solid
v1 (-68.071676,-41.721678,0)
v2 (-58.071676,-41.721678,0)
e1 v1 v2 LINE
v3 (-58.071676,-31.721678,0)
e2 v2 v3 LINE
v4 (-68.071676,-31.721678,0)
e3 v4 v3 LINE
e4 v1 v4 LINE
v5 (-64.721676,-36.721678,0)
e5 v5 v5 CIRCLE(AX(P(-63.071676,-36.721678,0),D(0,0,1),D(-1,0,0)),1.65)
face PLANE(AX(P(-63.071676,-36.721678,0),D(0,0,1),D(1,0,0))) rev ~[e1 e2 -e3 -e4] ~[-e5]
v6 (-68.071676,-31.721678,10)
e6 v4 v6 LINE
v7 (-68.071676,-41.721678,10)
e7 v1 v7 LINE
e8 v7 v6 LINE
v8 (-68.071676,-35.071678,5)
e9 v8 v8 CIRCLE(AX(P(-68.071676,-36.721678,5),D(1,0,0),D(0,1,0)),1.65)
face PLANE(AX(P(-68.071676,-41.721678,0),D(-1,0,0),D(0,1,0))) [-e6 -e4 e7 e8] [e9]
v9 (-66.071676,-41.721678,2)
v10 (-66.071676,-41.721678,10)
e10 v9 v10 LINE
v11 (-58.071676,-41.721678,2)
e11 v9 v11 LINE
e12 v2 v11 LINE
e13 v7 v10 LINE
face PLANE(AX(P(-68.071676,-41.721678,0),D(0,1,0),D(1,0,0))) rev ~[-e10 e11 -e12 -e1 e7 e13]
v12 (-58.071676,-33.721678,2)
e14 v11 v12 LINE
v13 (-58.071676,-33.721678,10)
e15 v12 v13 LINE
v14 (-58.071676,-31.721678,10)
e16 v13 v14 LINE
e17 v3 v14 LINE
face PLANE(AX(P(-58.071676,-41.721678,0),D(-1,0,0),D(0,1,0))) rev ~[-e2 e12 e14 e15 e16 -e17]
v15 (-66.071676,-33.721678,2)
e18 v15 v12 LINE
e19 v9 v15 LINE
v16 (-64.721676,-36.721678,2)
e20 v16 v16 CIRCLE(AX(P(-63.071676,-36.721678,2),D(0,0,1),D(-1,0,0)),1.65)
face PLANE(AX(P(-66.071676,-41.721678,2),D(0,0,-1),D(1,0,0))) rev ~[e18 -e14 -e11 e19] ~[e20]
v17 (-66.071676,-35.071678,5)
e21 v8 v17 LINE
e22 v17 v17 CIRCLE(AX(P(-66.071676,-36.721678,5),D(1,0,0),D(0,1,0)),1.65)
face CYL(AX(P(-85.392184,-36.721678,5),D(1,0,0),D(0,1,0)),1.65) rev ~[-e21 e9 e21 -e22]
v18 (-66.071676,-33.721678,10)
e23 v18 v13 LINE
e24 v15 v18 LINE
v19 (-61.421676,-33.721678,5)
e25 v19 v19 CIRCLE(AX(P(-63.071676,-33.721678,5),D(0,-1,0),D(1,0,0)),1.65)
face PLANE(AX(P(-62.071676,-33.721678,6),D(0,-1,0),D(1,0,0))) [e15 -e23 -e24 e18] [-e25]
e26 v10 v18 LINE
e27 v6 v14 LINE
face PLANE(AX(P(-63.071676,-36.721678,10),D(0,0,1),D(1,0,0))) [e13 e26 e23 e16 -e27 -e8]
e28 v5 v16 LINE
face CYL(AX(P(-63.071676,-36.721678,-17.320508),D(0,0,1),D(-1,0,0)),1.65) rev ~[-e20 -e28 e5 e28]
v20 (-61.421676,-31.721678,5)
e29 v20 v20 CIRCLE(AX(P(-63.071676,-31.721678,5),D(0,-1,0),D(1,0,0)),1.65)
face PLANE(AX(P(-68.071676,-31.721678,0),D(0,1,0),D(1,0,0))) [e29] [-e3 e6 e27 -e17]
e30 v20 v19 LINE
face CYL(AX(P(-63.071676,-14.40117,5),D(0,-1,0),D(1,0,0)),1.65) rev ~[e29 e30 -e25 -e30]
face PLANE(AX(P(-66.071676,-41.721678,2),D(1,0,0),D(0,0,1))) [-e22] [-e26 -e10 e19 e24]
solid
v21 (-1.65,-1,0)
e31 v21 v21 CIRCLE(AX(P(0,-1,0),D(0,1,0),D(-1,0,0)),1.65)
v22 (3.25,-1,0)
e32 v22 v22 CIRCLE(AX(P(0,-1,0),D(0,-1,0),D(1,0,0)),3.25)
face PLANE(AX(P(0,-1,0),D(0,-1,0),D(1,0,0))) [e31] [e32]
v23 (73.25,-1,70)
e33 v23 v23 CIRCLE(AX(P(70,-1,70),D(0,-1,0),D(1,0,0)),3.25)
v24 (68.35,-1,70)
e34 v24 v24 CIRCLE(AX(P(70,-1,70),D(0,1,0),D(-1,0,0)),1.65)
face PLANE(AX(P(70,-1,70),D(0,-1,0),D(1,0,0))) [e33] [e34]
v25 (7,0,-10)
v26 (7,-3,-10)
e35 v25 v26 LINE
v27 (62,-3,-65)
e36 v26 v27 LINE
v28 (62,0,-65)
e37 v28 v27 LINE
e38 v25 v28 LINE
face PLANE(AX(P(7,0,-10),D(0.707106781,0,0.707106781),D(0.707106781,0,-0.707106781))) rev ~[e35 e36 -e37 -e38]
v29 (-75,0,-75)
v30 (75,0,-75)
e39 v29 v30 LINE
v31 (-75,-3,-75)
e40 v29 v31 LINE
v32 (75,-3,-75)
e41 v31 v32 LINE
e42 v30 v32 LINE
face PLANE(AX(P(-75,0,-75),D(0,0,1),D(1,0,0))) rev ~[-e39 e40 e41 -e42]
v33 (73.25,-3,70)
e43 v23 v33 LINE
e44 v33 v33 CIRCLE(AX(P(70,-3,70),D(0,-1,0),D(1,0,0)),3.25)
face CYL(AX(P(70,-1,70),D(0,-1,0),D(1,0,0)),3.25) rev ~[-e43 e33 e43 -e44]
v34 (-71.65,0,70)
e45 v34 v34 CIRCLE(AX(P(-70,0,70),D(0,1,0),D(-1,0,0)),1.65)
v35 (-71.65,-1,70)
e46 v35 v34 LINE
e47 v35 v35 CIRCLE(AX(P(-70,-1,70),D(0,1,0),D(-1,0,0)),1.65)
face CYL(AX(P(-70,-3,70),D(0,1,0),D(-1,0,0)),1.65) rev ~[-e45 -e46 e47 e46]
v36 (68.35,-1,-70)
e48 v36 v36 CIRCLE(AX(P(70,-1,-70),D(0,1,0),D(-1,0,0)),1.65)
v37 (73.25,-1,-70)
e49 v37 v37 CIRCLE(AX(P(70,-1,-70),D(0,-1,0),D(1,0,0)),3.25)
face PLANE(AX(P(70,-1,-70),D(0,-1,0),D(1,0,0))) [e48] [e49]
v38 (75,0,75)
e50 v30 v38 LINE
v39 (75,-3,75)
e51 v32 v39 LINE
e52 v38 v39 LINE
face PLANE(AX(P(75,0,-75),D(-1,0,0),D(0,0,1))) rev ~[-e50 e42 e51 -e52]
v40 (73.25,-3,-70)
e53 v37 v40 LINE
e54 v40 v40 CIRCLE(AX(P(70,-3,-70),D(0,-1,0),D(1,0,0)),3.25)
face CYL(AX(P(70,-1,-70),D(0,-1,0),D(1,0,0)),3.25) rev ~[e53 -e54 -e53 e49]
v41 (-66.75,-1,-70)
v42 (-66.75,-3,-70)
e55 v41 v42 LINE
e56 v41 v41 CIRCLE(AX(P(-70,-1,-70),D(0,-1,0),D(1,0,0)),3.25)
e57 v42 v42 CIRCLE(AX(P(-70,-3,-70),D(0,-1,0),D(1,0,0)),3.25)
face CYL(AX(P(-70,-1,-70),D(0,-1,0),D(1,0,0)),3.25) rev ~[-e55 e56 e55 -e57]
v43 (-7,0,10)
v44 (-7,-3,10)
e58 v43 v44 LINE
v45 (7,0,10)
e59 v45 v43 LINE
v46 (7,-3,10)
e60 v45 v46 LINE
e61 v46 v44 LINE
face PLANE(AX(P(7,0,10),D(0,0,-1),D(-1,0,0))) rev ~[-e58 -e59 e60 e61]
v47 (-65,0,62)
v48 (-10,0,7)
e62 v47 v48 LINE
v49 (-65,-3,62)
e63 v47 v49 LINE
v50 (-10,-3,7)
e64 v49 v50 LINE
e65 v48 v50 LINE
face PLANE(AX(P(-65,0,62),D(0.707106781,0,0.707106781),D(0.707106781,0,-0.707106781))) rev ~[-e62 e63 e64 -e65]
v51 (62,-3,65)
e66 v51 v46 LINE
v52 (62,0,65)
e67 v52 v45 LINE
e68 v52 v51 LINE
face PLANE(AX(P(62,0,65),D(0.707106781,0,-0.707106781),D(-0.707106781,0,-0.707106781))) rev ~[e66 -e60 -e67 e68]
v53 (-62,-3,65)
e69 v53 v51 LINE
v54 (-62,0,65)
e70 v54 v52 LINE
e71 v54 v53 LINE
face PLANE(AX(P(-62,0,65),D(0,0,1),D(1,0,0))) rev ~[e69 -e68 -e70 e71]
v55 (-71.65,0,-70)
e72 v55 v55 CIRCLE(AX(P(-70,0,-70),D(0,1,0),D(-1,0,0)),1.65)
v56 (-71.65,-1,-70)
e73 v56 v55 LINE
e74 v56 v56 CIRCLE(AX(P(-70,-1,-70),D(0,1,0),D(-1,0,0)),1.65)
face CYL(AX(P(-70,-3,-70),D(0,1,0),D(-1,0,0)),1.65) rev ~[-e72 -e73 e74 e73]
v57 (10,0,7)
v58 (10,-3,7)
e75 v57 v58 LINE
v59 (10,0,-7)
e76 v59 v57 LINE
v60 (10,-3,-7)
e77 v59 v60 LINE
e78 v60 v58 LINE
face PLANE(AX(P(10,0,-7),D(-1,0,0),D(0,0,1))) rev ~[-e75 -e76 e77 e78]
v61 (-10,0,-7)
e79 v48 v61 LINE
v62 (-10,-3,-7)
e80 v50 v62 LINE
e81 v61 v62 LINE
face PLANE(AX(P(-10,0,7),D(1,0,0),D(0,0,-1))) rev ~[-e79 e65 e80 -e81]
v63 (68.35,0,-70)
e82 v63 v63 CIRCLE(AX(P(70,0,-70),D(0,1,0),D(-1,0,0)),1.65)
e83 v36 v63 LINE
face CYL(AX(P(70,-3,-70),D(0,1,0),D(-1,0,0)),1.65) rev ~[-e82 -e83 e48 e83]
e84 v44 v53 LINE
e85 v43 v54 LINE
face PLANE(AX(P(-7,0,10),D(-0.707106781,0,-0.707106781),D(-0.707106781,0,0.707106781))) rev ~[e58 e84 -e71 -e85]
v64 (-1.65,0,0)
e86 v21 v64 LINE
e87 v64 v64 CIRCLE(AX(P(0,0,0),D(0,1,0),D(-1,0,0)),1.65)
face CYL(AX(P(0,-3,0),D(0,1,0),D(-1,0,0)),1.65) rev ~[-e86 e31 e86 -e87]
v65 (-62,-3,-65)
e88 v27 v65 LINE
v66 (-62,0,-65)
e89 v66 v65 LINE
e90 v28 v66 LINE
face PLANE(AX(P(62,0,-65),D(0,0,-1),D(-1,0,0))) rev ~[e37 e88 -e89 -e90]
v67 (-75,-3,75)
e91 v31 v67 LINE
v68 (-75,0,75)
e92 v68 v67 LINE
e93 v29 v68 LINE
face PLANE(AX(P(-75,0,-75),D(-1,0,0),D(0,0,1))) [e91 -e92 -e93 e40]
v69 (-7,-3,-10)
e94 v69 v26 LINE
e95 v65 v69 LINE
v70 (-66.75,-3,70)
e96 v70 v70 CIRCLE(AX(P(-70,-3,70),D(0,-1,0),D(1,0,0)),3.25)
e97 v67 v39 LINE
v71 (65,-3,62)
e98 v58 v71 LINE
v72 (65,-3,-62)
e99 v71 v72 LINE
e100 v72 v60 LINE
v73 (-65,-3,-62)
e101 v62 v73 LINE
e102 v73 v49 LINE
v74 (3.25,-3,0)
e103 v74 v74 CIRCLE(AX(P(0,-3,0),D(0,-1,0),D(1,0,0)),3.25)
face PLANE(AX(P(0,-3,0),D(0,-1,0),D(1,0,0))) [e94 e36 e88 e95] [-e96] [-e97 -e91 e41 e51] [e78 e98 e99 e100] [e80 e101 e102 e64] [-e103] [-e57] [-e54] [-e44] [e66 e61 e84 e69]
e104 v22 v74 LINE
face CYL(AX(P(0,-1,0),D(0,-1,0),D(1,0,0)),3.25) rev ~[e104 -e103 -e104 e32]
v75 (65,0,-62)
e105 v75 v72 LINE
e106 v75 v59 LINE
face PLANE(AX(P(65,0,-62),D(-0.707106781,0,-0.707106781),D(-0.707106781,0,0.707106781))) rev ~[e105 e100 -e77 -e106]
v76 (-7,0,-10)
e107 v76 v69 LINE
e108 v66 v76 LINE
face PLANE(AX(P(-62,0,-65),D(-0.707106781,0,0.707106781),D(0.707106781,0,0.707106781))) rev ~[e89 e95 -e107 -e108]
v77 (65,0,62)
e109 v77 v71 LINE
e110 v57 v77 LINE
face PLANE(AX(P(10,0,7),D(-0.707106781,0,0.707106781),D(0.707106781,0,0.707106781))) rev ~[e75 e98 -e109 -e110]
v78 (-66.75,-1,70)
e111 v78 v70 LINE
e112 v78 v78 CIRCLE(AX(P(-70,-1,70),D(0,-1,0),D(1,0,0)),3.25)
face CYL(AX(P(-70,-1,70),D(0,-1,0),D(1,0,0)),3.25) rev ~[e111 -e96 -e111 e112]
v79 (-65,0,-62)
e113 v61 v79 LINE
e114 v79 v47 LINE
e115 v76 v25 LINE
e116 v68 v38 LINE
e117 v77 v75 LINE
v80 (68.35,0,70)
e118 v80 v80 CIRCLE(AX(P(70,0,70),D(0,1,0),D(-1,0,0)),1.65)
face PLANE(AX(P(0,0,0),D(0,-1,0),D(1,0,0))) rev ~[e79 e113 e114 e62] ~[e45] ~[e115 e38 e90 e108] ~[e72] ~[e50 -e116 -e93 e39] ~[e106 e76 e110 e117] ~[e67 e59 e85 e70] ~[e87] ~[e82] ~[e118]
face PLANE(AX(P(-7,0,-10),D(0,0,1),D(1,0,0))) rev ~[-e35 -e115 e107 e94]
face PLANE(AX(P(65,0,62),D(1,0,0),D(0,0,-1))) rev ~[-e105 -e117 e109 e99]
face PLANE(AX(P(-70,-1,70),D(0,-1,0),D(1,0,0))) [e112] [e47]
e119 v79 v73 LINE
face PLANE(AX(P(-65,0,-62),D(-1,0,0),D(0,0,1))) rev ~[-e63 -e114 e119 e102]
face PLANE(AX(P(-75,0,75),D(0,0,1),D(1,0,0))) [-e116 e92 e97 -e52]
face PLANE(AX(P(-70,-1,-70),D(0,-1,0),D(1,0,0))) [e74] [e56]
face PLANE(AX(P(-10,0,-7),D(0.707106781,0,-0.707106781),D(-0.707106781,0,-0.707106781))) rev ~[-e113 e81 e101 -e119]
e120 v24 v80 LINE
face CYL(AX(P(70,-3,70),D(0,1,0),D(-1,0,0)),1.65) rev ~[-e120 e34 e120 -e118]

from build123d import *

# Parameters (mm, degrees)
F0_W           = 150
F0_H           = 150
F1_DEPTH       = 3
F3_D           = 3.3
F3_CBORE_D     = 6.5
F3_CBORE_DEPTH = 2
F4_W           = 10
F4_H           = 10
F5_DEPTH       = 10
F6_W           = 8
F6_H           = 8
F7_DEPTH       = 8
F11_D          = 3.3
F11_ON_F8_D    = 3.3
F11_ON_F9_D    = 3.3


with BuildPart() as f1:
    # F0 (on Front) → F1 (new body)
    with BuildSketch(Plane.XZ):
        Rectangle(F0_W, F0_H)
        Polygon((62, -65), (-62, -65), (-7, -10), (7, -10), align=None, mode=Mode.SUBTRACT)
        Polygon((-10, 7), (-10, -7), (-65, -62), (-65, 62), align=None, mode=Mode.SUBTRACT)
        Polygon((65, -62), (10, -7), (10, 7), (65, 62), align=None, mode=Mode.SUBTRACT)
        Polygon((-7, 10), (-62, 65), (62, 65), (7, 10), align=None, mode=Mode.SUBTRACT)
    extrude(amount=F1_DEPTH)

    # F3 (through all)
    with Locations(Plane.XZ.offset(3)):
        with Locations((0, 0), (-70, 70), (70, 70), (70, -70), (-70, -70)):
            CounterBoreHole(F3_D / 2, F3_CBORE_D / 2, F3_CBORE_DEPTH)


with BuildPart() as f5:
    # F4 (on Top) → F5 (new body)
    with BuildSketch(Plane.XY):
        with Locations((-63.0716755986, -36.7216779933)):
            Rectangle(F4_W, F4_H)
    extrude(amount=F5_DEPTH)

    # F6 (on face) → F7 (cut)
    with BuildSketch(Plane.XZ.offset(41.7216779933)):
        with Locations((-62.0716755986, 6)):
            Rectangle(F6_W, F6_H)
    extrude(amount=-F7_DEPTH, mode=Mode.SUBTRACT)

    # F11 (through all)
    with Locations(Plane(origin=(0, -31.7216779933, 0), x_dir=(-1, 0, 0), z_dir=(0, 1, 0))):
        with Locations((63.0716755986, 5)):
            Hole(F11_D / 2)

    # F11 on F8 (through all)
    with Locations(Plane(origin=(-68.0716755986, 0, 0), x_dir=(0, -1, 0), z_dir=(-1, 0, 0))):
        with Locations((36.7216779933, 5)):
            Hole(F11_ON_F8_D / 2)

    # F11 on F9 (through all)
    with Locations(Plane(origin=(0, 0, 0), x_dir=(1, 0, 0), z_dir=(0, 0, -1))):
        with Locations((-63.0716755986, 36.7216779933)):
            Hole(F11_ON_F9_D / 2)


solid = Compound([f1.part, f5.part])
